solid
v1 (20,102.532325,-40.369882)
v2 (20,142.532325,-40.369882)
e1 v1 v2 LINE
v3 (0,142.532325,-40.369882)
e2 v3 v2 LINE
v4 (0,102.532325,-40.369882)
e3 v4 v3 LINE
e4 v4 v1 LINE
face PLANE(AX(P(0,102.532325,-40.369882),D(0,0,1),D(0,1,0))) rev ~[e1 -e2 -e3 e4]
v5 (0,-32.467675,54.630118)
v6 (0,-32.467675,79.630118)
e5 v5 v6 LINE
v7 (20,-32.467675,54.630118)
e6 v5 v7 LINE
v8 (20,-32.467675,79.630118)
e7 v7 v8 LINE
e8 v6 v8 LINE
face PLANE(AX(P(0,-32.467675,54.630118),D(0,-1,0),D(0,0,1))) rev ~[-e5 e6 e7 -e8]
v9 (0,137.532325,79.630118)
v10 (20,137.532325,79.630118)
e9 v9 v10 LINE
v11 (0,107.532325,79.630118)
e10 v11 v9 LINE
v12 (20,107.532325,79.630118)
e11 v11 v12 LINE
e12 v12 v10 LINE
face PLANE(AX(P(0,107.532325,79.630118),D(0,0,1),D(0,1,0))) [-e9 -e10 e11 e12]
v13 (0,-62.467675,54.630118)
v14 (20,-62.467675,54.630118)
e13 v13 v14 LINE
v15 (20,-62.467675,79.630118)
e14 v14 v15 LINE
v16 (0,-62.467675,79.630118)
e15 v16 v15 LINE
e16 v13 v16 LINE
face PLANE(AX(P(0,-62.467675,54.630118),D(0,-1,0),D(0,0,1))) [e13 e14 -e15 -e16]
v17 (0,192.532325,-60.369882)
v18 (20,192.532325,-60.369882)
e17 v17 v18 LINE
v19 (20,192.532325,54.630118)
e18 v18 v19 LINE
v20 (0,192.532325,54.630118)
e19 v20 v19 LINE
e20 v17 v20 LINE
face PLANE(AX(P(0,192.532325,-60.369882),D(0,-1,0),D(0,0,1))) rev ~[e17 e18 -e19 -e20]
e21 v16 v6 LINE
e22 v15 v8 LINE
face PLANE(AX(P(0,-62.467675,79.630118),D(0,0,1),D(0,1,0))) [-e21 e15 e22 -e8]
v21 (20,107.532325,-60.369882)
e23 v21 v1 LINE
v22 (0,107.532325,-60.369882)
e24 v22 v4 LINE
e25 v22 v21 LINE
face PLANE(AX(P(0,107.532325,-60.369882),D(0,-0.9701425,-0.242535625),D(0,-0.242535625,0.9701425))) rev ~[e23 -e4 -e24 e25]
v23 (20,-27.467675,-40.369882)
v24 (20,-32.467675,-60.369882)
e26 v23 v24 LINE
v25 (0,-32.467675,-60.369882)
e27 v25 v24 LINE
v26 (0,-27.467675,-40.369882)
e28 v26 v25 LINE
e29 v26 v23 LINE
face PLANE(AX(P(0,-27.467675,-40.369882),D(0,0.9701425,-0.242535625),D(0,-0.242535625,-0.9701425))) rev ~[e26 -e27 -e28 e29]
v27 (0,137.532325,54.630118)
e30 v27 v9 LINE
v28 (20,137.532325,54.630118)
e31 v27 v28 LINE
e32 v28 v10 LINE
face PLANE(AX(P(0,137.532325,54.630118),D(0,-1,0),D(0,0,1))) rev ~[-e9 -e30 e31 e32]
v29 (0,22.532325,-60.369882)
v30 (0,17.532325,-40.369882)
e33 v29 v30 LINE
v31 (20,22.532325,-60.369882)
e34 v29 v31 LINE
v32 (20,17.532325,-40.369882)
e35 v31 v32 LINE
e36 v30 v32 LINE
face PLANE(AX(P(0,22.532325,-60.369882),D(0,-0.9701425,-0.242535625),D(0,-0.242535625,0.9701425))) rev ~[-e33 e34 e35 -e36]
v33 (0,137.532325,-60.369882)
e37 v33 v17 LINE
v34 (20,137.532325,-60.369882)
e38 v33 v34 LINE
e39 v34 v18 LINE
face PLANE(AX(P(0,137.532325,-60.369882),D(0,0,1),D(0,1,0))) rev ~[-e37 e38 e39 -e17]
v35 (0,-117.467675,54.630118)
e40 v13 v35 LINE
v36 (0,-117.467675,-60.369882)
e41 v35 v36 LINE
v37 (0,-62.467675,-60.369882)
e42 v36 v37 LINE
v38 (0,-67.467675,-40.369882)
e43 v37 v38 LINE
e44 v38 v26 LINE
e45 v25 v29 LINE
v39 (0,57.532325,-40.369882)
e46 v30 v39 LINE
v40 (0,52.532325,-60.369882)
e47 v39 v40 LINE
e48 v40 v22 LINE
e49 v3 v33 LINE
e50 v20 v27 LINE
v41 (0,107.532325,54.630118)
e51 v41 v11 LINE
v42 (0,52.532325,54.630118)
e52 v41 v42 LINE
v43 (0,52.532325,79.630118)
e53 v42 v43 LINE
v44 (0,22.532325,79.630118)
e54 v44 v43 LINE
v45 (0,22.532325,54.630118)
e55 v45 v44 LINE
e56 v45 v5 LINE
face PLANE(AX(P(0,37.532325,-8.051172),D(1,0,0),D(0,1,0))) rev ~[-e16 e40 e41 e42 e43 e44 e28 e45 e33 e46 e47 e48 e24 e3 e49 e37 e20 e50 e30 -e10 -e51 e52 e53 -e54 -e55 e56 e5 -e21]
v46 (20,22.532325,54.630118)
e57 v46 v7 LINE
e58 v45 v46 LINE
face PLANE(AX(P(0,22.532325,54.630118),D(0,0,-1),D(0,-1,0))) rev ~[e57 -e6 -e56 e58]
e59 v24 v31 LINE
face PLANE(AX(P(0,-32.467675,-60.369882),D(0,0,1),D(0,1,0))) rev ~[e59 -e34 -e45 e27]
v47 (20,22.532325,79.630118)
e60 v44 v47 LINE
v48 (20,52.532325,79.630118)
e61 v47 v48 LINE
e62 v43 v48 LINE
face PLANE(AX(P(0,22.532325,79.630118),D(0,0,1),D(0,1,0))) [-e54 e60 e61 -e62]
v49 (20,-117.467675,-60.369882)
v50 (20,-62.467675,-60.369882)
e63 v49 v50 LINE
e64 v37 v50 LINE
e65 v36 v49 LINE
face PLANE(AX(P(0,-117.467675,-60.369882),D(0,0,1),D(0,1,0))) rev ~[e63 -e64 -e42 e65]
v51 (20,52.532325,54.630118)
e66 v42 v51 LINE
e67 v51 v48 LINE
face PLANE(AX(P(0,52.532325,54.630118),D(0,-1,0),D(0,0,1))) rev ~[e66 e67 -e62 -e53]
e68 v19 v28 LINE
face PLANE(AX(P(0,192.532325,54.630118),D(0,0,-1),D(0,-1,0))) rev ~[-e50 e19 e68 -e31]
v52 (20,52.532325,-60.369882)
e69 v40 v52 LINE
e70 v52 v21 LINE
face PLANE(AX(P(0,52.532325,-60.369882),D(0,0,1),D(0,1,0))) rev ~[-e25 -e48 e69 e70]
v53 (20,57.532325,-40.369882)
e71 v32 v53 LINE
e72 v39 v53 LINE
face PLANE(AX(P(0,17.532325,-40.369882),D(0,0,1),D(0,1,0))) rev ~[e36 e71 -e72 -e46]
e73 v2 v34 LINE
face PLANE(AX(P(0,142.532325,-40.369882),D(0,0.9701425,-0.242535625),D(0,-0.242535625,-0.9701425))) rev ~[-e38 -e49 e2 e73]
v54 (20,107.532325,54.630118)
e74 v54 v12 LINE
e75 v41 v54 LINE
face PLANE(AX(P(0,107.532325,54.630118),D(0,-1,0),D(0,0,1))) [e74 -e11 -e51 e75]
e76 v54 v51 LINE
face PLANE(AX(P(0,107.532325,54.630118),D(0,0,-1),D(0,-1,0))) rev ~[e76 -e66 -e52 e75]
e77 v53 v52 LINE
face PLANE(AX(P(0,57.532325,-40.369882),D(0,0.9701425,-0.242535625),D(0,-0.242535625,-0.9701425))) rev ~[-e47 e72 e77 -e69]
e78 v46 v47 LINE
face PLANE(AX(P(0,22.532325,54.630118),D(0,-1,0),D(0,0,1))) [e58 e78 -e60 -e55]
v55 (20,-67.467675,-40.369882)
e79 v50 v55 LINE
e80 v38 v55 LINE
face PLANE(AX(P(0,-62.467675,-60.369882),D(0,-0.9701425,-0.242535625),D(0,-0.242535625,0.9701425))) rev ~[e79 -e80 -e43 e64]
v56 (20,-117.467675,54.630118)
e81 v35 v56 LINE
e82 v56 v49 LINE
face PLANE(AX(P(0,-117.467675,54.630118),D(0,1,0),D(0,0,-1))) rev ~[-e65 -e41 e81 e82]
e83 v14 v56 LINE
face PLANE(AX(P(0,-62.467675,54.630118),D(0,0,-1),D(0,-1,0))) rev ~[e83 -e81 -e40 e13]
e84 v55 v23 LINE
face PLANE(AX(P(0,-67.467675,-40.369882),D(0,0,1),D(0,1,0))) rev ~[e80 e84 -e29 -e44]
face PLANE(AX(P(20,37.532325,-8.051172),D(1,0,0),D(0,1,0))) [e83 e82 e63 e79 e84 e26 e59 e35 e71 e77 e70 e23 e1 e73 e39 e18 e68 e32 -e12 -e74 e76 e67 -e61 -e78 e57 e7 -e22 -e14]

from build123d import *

# Parameters (mm, degrees)
F0_W     = 30
F0_H     = 25
F1_DEPTH = 20


with BuildPart() as f1:
    # F0 (on Right) → F1 (new body)
    with BuildSketch(Plane.YZ):
        Polygon((-62.467675, 54.630118), (-117.467675, 54.630118), (-117.467675, -60.369882), (-62.467675, -60.369882), (-67.467675, -40.369882), (-27.467675, -40.369882), (-32.467675, -60.369882), (22.532325, -60.369882), (17.532325, -40.369882), (57.532325, -40.369882), (52.532325, -60.369882), (107.532325, -60.369882), (102.532325, -40.369882), (142.532325, -40.369882), (137.532325, -60.369882), (192.532325, -60.369882), (192.532325, 54.630118), (137.532325, 54.630118), (107.532325, 54.630118), (52.532325, 54.630118), (22.532325, 54.630118), (-32.467675, 54.630118), align=None)
        with Locations((122.532325, 67.130118)):
            Rectangle(F0_W, F0_H)
        with Locations((37.532325, 67.130118)):
            Rectangle(F0_W, F0_H)
        with Locations((-47.467675, 67.130118)):
            Rectangle(F0_W, F0_H)
    extrude(amount=F1_DEPTH)


solid = f1.part
